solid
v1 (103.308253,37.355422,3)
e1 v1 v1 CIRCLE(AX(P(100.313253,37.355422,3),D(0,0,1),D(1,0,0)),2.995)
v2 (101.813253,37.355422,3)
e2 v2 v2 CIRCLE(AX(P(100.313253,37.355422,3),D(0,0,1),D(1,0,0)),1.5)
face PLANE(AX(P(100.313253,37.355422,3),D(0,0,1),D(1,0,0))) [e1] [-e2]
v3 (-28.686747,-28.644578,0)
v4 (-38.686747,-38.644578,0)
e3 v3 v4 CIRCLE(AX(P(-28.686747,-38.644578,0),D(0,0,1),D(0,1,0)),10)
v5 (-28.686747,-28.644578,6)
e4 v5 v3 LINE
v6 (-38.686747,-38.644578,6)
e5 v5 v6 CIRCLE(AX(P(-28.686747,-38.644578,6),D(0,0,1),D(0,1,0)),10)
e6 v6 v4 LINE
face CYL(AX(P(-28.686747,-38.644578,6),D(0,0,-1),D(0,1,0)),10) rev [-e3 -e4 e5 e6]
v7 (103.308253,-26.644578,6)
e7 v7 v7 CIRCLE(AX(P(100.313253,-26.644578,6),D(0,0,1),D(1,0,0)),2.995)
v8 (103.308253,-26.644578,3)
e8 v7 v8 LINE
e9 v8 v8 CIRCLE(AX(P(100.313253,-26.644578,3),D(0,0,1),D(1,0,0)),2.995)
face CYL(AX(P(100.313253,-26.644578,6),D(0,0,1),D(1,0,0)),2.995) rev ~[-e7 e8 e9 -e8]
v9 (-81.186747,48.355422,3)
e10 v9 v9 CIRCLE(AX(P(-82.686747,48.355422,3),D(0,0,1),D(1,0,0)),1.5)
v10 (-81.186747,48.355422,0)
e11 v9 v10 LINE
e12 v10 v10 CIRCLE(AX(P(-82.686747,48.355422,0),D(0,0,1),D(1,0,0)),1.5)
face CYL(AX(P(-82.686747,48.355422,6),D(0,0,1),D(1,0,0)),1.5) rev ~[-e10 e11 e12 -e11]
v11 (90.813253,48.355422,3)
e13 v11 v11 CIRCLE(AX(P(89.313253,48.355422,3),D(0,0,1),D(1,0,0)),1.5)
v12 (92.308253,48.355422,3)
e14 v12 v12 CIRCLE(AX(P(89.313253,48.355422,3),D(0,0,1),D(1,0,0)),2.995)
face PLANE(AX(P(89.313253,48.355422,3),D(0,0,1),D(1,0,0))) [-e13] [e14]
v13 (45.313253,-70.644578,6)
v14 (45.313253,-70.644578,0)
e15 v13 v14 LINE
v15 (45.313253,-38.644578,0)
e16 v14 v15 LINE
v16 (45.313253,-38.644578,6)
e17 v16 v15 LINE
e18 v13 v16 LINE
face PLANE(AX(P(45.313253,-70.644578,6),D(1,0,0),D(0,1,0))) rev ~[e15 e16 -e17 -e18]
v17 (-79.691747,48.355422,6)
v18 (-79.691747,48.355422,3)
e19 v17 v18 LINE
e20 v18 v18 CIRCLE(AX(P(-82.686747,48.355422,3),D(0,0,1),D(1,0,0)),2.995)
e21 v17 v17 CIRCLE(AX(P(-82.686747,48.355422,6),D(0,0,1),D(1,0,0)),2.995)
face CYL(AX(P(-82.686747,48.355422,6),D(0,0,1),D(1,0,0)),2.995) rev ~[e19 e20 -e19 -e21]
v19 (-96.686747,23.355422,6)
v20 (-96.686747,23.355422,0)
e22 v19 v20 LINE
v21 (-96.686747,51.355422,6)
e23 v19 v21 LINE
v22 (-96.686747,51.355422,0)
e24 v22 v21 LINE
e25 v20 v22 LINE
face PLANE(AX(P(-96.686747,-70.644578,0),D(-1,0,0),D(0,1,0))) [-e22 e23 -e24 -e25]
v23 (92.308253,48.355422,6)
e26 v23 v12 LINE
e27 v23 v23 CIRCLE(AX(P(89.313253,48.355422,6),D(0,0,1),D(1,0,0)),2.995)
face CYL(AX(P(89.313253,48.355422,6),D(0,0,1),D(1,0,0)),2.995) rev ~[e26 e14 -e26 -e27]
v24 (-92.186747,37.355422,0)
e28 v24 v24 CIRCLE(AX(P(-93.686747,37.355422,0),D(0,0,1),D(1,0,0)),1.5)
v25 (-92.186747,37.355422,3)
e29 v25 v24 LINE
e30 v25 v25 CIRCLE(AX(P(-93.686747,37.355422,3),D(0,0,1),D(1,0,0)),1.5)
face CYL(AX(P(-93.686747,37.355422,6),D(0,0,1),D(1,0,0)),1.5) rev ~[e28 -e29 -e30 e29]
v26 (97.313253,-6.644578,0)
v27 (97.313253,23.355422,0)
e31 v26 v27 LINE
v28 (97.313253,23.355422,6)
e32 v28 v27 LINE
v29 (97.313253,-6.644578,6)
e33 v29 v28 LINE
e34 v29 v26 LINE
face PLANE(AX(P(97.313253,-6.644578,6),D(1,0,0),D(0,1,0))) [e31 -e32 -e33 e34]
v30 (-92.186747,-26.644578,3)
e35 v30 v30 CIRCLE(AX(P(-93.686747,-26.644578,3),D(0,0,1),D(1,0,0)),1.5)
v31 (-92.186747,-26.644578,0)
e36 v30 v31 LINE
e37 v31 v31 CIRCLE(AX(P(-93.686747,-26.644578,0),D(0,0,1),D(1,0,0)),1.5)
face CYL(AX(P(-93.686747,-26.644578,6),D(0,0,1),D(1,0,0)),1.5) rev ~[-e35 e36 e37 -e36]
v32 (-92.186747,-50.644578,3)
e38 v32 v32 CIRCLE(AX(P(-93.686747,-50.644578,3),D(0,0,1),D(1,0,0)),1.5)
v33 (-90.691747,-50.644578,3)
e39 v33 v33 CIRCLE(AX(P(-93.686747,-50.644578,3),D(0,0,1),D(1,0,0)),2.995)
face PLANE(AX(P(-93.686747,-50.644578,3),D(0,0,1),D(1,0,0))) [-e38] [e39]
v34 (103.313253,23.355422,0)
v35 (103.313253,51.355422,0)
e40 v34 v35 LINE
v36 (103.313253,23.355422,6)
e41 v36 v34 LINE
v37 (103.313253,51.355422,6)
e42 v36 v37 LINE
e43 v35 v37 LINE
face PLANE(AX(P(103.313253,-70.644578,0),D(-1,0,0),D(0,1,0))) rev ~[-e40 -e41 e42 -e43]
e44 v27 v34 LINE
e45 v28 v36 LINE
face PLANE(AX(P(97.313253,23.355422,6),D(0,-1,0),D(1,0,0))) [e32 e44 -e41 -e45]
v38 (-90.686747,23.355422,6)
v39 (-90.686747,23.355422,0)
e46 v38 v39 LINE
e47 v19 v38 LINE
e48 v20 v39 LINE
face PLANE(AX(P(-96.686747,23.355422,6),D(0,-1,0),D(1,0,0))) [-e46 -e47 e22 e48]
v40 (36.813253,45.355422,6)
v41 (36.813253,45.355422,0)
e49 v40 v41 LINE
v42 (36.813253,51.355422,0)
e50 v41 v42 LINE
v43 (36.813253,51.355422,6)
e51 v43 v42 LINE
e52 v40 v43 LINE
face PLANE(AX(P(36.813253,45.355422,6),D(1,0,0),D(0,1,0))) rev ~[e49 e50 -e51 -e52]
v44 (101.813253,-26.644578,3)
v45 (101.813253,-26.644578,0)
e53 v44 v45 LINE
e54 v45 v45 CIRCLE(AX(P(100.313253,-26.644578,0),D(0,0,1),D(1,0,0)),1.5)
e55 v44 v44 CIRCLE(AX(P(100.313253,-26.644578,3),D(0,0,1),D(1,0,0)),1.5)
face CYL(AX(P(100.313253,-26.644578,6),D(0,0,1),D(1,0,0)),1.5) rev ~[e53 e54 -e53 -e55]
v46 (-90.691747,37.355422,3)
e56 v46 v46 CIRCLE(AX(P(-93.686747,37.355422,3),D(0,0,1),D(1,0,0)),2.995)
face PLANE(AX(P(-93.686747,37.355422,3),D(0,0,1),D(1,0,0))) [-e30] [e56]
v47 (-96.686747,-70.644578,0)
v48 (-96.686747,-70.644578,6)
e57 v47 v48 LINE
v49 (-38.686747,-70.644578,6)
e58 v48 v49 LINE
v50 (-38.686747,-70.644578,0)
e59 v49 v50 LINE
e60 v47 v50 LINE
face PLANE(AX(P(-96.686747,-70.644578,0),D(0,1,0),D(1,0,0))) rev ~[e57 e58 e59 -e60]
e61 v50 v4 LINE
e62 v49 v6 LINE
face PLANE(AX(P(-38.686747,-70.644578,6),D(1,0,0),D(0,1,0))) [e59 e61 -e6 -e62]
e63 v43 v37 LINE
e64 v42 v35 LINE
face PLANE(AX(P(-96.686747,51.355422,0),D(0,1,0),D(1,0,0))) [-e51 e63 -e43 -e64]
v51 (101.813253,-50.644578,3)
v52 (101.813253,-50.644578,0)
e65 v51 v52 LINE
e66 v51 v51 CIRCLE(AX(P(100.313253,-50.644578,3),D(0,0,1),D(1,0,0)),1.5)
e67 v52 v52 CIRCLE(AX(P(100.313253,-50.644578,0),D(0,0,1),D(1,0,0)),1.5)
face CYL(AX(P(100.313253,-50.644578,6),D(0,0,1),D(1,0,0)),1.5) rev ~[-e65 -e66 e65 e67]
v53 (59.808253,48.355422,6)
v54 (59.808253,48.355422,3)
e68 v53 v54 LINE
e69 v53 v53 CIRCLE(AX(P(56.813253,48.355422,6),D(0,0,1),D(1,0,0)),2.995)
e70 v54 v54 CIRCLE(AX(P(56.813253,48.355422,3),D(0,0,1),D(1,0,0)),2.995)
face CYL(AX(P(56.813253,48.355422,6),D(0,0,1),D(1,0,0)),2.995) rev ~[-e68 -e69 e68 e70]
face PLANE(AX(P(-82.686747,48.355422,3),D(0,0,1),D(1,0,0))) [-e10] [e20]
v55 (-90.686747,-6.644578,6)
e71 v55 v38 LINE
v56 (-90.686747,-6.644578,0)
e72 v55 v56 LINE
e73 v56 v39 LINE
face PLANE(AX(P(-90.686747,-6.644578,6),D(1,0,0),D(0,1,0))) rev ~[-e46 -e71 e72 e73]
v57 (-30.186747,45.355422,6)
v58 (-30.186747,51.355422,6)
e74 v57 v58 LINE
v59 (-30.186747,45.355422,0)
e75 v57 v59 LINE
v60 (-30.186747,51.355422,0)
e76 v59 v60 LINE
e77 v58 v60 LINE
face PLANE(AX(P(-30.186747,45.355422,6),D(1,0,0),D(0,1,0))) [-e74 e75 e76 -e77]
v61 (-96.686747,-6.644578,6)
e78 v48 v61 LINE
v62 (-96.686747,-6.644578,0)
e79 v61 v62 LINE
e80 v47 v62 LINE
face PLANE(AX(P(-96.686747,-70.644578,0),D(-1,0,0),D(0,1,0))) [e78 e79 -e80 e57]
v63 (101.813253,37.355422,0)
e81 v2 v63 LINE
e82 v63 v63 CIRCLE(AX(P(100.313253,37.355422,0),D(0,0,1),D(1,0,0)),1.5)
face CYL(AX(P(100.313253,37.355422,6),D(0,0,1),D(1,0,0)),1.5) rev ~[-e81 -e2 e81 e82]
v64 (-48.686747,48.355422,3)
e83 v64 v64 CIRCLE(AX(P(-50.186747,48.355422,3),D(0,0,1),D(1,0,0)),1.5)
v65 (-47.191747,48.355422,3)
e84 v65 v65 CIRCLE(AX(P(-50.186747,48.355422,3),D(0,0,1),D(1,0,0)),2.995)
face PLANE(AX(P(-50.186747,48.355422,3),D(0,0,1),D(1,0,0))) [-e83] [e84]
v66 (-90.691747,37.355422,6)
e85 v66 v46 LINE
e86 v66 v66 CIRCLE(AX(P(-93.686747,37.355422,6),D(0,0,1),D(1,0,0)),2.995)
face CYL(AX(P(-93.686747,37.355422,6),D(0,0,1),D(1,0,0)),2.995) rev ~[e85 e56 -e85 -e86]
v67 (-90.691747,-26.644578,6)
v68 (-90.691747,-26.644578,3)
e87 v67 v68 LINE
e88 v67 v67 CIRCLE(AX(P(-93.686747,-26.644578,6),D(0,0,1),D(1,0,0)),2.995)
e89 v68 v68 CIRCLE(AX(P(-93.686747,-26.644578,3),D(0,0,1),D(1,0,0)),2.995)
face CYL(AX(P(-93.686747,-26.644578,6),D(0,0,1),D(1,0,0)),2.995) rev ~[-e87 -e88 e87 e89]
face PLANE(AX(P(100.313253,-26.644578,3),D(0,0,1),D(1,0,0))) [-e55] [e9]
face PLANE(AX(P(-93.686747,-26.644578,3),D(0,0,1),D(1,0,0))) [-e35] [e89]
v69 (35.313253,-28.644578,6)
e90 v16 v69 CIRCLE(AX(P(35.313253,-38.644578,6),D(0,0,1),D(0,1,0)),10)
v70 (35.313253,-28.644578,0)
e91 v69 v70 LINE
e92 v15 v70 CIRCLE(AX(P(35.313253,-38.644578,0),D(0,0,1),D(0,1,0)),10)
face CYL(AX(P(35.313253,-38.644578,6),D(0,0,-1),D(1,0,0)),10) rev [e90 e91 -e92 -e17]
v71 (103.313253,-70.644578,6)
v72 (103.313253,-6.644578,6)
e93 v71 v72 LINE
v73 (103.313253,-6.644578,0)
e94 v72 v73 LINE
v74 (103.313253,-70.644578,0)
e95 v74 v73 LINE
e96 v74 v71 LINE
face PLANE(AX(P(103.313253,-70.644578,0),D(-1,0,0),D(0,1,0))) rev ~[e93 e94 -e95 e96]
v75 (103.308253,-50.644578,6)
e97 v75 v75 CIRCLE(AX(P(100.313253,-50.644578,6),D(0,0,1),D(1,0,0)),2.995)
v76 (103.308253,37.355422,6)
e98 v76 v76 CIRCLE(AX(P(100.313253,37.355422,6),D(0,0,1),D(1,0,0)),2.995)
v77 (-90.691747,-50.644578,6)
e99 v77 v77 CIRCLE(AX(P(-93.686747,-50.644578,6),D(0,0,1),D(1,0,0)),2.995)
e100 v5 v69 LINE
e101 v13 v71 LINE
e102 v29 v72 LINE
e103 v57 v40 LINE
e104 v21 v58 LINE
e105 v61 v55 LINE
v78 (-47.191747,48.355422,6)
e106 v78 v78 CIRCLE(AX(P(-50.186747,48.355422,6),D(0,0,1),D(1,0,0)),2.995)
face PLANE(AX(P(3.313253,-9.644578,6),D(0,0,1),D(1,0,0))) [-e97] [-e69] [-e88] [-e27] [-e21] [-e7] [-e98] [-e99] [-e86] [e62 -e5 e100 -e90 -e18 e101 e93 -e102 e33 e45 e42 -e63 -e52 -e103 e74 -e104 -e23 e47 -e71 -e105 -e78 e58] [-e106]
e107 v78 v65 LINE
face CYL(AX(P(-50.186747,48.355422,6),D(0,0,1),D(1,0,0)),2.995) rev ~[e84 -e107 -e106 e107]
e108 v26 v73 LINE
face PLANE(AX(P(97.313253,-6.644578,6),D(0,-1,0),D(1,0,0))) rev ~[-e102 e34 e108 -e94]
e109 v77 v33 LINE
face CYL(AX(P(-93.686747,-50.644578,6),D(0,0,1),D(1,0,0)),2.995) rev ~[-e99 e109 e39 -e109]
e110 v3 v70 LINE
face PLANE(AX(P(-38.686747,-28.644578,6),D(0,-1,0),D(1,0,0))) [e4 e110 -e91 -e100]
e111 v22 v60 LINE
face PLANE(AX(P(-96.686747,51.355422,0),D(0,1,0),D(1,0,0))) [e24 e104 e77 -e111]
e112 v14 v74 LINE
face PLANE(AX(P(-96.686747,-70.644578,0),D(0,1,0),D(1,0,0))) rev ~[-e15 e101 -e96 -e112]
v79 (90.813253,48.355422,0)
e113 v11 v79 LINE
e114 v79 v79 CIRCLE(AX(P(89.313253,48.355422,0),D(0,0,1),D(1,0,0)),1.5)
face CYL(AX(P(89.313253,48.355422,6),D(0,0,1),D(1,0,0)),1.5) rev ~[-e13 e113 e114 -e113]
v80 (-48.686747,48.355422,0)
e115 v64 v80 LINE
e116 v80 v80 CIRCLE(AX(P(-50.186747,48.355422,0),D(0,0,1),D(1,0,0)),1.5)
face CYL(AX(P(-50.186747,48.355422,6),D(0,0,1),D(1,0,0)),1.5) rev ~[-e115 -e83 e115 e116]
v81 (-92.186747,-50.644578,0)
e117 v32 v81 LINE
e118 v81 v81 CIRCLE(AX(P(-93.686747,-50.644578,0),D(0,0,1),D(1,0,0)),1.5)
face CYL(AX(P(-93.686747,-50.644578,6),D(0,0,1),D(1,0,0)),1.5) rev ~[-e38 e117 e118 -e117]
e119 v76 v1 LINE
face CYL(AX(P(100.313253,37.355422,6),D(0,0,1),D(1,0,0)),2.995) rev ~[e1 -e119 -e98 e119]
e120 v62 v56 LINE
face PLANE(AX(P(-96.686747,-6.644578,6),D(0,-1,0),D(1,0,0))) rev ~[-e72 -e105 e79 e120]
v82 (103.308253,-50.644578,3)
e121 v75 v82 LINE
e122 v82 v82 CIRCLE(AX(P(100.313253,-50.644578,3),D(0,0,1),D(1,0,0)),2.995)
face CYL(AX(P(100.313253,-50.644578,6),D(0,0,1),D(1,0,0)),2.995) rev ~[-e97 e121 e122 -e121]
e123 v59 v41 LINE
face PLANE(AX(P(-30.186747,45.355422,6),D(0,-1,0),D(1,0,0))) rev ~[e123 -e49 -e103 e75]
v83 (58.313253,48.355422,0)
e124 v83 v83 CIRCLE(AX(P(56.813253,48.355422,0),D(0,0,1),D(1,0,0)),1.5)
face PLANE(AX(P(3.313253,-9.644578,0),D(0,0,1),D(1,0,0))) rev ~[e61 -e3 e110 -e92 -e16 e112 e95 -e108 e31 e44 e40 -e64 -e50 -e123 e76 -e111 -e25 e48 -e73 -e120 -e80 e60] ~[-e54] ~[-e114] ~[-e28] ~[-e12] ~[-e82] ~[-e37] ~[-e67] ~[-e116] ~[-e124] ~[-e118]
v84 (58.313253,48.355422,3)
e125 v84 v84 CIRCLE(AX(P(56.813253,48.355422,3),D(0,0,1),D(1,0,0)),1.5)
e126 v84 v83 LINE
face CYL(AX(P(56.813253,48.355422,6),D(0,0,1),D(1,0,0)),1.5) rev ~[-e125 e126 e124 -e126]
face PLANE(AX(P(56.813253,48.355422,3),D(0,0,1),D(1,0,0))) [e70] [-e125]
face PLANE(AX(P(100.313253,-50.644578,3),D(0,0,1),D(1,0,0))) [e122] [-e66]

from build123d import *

# Parameters (mm, degrees)
ESQUISSE1_W             = 200
ESQUISSE1_H             = 122
BOSS_EXTRU_1_DEPTH      = 6
ESQUISSE2_W             = 67
ESQUISSE2_H             = 6
ESQUISSE2_W_2           = 6
ESQUISSE2_H_2           = 30
ESQUISSE2_W_3           = 84
ESQUISSE2_H_3           = 42
ENL_V_MAT_EXTRU_1_DEPTH = 6
CONG_1_R                = 10
ESQUISSE3_R             = 1.5
ENL_V_MAT_EXTRU_2_DEPTH = 6
ESQUISSE4_R             = 2.995
ENL_V_MAT_EXTRU_3_DEPTH = 3


with BuildPart() as part:
    # Esquisse1 → Boss.-Extru.1 (new body)
    with BuildSketch(Plane.XY):
        with Locations((3.313253012, -9.644578313)):
            Rectangle(ESQUISSE1_W, ESQUISSE1_H)
    extrude(amount=BOSS_EXTRU_1_DEPTH)

    # Esquisse2 → Enlèv. mat.-Extru.1 (cut)
    with BuildSketch(Plane.XY.offset(6)):
        with Locations((3.313253012, 48.355421687)):
            Rectangle(ESQUISSE2_W, ESQUISSE2_H)
        with Locations((-93.686746988, 8.355421687)):
            Rectangle(ESQUISSE2_W_2, ESQUISSE2_H_2)
        with Locations((100.313253012, 8.355421687)):
            Rectangle(ESQUISSE2_W_2, ESQUISSE2_H_2)
        with Locations((3.313253012, -49.644578313)):
            Rectangle(ESQUISSE2_W_3, ESQUISSE2_H_3)
    extrude(amount=-ENL_V_MAT_EXTRU_1_DEPTH, mode=Mode.SUBTRACT)

    # Congé1
    cong_1_edges = [part.edges().sort_by_distance(p)[0] for p in [
        (-38.686746988, -28.644578313, 3),
        (45.313253012, -28.644578313, 3),
    ]]
    fillet(cong_1_edges, radius=CONG_1_R)

    # Esquisse3 → Enlèv. mat.-Extru.2 (cut)
    with BuildSketch(Plane.XY.offset(6)):
        with Locations((-93.686746988, -50.644578313)):
            Circle(ESQUISSE3_R)
        with Locations((-93.686746988, -26.644578313)):
            Circle(ESQUISSE3_R)
        with Locations((-93.686746988, 37.355421687)):
            Circle(ESQUISSE3_R)
        with Locations((-50.186746988, 48.355421687)):
            Circle(ESQUISSE3_R)
        with Locations((56.813253012, 48.355421687)):
            Circle(ESQUISSE3_R)
        with Locations((100.313253012, 37.355421687)):
            Circle(ESQUISSE3_R)
        with Locations((100.313253012, -26.644578313)):
            Circle(ESQUISSE3_R)
        with Locations((100.313253012, -50.644578313)):
            Circle(ESQUISSE3_R)
        with Locations((-82.686746988, 48.355421687)):
            Circle(ESQUISSE3_R)
        with Locations((89.313253012, 48.355421687)):
            Circle(ESQUISSE3_R)
    extrude(amount=-ENL_V_MAT_EXTRU_2_DEPTH, mode=Mode.SUBTRACT)

    # Esquisse4 → Enlèv. mat.-Extru.3 (cut)
    with BuildSketch(Plane.XY.offset(6)):
        with Locations((-93.686746988, -50.644578313)):
            Circle(ESQUISSE4_R)
        with Locations((-93.686746988, -26.644578313)):
            Circle(ESQUISSE4_R)
        with Locations((-93.686746988, 37.355421687)):
            Circle(ESQUISSE4_R)
        with Locations((-82.686746988, 48.355421687)):
            Circle(ESQUISSE4_R)
        with Locations((-50.186746988, 48.355421687)):
            Circle(ESQUISSE4_R)
        with Locations((56.813253012, 48.355421687)):
            Circle(ESQUISSE4_R)
        with Locations((89.313253012, 48.355421687)):
            Circle(ESQUISSE4_R)
        with Locations((100.313253012, 37.355421687)):
            Circle(ESQUISSE4_R)
        with Locations((100.313253012, -26.644578313)):
            Circle(ESQUISSE4_R)
        with Locations((100.313253012, -50.644578313)):
            Circle(ESQUISSE4_R)
    extrude(amount=-ENL_V_MAT_EXTRU_3_DEPTH, mode=Mode.SUBTRACT)


solid = part.part
